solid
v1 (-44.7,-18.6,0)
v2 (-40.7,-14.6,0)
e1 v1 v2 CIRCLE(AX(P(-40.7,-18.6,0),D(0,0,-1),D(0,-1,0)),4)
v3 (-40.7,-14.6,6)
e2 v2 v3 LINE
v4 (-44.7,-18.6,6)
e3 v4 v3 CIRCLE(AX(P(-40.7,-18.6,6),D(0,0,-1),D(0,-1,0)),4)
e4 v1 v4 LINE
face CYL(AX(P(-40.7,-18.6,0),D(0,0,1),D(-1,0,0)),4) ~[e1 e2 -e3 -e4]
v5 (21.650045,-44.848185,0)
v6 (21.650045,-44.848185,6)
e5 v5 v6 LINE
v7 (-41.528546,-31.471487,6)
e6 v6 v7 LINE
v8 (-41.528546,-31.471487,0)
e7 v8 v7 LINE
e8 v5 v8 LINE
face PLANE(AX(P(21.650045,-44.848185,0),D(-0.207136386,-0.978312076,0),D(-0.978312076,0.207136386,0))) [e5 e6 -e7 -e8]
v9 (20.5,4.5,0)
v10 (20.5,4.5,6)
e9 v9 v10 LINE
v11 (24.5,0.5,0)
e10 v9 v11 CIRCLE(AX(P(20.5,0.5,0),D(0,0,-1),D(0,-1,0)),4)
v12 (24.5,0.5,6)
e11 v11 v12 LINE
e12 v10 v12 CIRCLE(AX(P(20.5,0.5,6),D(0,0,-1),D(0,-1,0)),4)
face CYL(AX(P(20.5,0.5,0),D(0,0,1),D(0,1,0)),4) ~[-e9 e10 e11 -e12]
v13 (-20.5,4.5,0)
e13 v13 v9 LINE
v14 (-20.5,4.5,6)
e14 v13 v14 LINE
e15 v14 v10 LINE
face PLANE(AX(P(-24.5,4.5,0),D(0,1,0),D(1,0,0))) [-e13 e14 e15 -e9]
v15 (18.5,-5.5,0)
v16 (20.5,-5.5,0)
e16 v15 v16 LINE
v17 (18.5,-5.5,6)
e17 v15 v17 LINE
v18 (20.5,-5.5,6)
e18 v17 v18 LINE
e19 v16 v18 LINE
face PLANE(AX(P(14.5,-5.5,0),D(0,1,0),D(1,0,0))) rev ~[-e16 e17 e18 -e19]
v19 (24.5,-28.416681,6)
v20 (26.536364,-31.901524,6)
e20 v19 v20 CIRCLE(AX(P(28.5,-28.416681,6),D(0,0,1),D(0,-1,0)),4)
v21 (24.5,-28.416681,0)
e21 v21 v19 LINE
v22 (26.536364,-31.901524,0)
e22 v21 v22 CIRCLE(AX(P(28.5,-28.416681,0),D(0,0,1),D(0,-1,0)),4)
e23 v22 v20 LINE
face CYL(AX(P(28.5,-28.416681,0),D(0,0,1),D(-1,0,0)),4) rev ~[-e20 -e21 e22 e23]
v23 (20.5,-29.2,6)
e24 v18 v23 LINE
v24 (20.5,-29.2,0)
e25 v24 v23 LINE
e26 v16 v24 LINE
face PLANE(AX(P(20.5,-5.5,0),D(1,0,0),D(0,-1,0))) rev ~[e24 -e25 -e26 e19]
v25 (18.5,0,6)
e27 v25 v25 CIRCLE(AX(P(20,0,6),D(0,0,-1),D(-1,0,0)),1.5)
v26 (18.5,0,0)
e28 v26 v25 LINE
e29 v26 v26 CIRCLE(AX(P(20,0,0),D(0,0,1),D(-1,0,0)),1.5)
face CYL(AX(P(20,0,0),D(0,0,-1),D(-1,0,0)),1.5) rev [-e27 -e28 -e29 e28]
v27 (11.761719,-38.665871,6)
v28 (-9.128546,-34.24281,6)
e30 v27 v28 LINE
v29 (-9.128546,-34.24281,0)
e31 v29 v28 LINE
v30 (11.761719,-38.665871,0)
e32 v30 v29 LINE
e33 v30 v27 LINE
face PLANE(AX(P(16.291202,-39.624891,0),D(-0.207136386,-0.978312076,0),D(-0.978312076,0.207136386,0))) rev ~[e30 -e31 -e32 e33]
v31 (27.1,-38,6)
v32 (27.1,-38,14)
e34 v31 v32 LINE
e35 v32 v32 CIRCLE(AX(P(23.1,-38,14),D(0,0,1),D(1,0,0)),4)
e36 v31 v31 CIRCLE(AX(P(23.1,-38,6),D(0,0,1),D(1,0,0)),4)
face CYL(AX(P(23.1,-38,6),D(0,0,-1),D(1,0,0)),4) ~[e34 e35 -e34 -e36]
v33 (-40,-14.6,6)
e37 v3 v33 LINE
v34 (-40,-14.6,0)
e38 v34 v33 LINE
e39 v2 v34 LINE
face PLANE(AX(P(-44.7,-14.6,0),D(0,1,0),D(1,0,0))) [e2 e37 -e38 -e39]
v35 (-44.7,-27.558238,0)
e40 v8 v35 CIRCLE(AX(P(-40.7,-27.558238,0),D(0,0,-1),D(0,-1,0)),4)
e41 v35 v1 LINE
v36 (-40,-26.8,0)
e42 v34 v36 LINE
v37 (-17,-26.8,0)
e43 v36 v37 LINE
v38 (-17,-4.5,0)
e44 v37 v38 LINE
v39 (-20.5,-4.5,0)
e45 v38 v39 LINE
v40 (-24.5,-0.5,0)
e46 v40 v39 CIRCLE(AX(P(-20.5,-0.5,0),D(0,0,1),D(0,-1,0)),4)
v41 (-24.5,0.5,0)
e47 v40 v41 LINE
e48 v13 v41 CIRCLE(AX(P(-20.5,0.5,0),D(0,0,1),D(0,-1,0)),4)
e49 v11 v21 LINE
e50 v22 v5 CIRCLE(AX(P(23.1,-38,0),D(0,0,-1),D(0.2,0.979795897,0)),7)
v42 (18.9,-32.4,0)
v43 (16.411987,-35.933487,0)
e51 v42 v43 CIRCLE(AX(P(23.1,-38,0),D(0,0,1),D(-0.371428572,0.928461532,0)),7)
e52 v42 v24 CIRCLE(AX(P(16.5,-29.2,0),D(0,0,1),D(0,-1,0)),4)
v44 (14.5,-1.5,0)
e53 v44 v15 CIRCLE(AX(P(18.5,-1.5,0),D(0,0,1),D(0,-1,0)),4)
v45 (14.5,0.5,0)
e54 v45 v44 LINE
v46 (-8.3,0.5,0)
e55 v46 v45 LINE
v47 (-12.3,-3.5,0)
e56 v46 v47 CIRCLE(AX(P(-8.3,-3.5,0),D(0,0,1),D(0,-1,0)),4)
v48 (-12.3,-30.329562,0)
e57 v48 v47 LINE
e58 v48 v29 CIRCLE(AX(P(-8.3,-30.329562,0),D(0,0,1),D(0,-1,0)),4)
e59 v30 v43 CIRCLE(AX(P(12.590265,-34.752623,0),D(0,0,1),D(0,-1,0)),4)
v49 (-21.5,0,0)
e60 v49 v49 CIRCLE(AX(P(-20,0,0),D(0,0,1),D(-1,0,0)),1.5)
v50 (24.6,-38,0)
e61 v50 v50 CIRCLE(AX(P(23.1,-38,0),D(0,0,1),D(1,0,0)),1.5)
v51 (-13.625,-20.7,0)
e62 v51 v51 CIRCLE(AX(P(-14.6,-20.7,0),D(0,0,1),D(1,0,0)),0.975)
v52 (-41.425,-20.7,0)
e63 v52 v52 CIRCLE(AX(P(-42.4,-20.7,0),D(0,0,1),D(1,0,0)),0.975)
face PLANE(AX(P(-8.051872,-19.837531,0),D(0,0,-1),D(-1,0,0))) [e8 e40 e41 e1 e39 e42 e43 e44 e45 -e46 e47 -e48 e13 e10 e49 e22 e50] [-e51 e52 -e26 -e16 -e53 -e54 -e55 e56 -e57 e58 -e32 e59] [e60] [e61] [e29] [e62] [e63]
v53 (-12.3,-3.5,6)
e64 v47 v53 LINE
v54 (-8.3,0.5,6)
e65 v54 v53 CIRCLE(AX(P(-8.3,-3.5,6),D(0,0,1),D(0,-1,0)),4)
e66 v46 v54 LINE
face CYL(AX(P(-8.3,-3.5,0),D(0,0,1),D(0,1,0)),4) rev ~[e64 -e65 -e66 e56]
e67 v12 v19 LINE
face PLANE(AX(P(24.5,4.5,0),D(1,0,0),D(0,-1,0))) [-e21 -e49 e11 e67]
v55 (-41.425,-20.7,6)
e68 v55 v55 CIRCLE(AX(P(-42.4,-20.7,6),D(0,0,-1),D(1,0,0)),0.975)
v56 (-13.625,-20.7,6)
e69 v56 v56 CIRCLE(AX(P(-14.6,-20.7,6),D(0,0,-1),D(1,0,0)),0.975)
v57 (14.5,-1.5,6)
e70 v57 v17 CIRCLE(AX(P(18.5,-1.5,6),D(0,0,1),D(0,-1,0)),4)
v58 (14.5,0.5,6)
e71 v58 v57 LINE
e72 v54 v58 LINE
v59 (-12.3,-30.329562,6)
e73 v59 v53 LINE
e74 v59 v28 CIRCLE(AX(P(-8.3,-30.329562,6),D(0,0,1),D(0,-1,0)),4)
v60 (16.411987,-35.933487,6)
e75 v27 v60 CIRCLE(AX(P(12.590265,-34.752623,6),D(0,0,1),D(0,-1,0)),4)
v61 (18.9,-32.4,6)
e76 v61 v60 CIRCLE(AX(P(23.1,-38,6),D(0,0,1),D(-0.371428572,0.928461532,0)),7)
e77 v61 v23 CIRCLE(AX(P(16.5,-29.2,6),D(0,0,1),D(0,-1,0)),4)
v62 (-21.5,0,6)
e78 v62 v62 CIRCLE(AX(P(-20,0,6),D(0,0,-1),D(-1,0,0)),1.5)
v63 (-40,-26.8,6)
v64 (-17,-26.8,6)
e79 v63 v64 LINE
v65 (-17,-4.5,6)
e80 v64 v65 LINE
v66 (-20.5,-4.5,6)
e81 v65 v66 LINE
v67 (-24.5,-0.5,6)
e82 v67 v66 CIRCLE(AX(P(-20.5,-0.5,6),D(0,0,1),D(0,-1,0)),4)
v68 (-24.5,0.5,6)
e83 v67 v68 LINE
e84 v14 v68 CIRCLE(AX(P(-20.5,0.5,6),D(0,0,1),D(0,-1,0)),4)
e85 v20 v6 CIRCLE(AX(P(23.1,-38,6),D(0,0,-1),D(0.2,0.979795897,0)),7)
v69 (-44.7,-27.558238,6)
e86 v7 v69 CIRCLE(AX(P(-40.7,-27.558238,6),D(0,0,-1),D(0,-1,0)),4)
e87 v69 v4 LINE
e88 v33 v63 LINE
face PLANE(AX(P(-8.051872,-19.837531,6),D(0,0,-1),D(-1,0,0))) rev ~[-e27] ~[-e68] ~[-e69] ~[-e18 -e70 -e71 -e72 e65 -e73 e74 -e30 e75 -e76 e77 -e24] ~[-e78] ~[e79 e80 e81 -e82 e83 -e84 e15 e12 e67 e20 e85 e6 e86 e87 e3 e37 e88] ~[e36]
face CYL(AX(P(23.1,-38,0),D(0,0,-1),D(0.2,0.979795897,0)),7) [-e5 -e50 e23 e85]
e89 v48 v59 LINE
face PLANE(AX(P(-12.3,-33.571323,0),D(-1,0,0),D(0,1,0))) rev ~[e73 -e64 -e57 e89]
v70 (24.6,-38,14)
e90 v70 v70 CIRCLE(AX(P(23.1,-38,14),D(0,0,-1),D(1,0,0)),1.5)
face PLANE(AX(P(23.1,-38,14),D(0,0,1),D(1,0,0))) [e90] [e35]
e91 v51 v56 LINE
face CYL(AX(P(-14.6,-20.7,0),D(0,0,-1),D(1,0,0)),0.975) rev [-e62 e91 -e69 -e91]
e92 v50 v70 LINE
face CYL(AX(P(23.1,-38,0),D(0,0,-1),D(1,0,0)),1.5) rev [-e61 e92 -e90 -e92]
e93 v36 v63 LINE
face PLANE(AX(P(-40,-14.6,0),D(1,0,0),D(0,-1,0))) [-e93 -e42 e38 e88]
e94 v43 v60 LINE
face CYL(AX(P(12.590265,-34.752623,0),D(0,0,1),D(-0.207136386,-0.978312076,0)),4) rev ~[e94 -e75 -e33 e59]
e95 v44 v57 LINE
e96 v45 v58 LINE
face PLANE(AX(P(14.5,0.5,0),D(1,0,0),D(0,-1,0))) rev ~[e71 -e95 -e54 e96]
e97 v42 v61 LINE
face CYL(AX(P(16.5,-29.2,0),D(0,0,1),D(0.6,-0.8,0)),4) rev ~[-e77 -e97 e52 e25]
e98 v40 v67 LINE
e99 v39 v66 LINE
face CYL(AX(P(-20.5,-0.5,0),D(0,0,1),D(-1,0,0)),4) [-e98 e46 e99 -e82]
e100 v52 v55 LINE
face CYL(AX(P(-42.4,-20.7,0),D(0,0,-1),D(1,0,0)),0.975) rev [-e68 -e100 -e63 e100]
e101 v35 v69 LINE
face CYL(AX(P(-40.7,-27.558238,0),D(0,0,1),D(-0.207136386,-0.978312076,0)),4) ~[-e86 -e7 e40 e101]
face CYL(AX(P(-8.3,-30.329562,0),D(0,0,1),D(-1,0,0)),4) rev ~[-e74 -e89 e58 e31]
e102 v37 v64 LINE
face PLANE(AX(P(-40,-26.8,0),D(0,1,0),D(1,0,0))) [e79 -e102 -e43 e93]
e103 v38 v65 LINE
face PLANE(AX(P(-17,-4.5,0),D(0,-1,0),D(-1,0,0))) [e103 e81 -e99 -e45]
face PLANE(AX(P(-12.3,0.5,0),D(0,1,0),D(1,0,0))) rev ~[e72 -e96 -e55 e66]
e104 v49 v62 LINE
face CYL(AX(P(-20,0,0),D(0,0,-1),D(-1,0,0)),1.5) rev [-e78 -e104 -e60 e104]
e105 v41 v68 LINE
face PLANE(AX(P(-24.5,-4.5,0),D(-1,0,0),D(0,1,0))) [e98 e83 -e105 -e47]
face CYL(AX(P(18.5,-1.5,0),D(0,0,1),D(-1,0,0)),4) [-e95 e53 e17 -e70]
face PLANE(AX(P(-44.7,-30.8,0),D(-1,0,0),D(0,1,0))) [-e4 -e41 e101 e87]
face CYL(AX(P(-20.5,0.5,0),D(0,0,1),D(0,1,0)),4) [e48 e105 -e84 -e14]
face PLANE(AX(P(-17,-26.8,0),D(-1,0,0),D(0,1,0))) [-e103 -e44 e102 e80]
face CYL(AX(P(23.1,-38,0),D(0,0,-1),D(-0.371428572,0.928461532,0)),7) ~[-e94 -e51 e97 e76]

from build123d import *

# Parameters (mm, degrees)
BOSS_EXTRUDE1_DEPTH      = 6
MOUNT_SCREW_HOLES_REACH  = 65.711
SKETCH12_R               = 1.5
GEAR_START               = 6
SKETCH13_R               = 4
GEAR_SHAFT_DEPTH         = 8
SKETCH14_R               = 1.5
GEAR_SCREW_HOLE_DEPTH    = 65.954522552
SKETCH15_R               = 0.975
SERVO_SCREW_CUTOUT_DEPTH = 65.954522552
FILLET1_R                = 4


with BuildPart() as part:
    # body → Boss-Extrude1 (new body)
    with BuildSketch(Plane.XY):
        with BuildLine():
            Line((-24.5, 4.5), (24.5, 4.5))
            Line((24.5, 4.5), (24.5, -31.14142872))
            ThreePointArc((24.5, -31.14142872), (29.953423421, -39.424986813), (21.650045301, -44.848184531))
            Line((21.650045301, -44.848184531), (-44.7, -30.8))
            Line((-44.7, -30.8), (-44.7, -14.6))
            Line((-44.7, -14.6), (-40, -14.6))
            Line((-40, -14.6), (-40, -26.8))
            Line((-40, -26.8), (-17, -26.8))
            Line((-17, -26.8), (-17, -4.5))
            Line((-17, -4.5), (-24.5, -4.5))
            Line((-24.5, -4.5), (-24.5, 4.5))
        make_face()
        with BuildLine():
            Line((-12.3, 0.5), (14.5, 0.5))
            Line((14.5, 0.5), (14.5, -5.5))
            Line((14.5, -5.5), (20.5, -5.5))
            Line((20.5, -5.5), (20.5, -31.500769276))
            ThreePointArc((20.5, -31.500769276), (16.884558972, -34.780016642), (16.291201999, -39.624890698))
            Line((16.291201999, -39.624890698), (-12.3, -33.571323141))
            Line((-12.3, -33.571323141), (-12.3, 0.5))
        make_face(mode=Mode.SUBTRACT)
    extrude(amount=BOSS_EXTRUDE1_DEPTH)

    # Sketch12 → mount screw holes (cut, up to next)
    with BuildSketch(Plane.XY, mode=Mode.PRIVATE) as mount_screw_holes_sk1:
        with Locations(Location((20, 0, 0), (0, 0, 180))):
            Circle(SKETCH12_R)
    mount_screw_holes_tool1 = extrude(mount_screw_holes_sk1.sketch, amount=MOUNT_SCREW_HOLES_REACH, mode=Mode.PRIVATE) & part.part
    # Sketch12 → mount screw holes (cut, up to next)
    with BuildSketch(Plane.XY, mode=Mode.PRIVATE) as mount_screw_holes_sk2:
        with Locations(Location((-20, 0, 0), (0, 0, 180))):
            Circle(SKETCH12_R)
    mount_screw_holes_tool2 = extrude(mount_screw_holes_sk2.sketch, amount=MOUNT_SCREW_HOLES_REACH, mode=Mode.PRIVATE) & part.part
    add(mount_screw_holes_tool1.solids().sort_by_distance((20, 0, 0))[0], mode=Mode.SUBTRACT)
    add(mount_screw_holes_tool2.solids().sort_by_distance((-20, 0, 0))[0], mode=Mode.SUBTRACT)

    # Sketch13 → gear shaft (add)
    with BuildSketch(Plane.XY.offset(GEAR_START)):
        with Locations((23.1, -38)):
            Circle(SKETCH13_R)
    extrude(amount=GEAR_SHAFT_DEPTH)

    # Sketch14 → gear screw hole (cut, through all)
    with BuildSketch(Plane.XY):
        with Locations((23.1, -38)):
            Circle(SKETCH14_R)
    extrude(amount=GEAR_SCREW_HOLE_DEPTH, mode=Mode.SUBTRACT)

    # Sketch15 → servo screw cutout (cut, through all)
    with BuildSketch(Plane.XY):
        with Locations((-14.6, -20.7)):
            Circle(SKETCH15_R)
        with Locations((-42.4, -20.7)):
            Circle(SKETCH15_R)
    extrude(amount=SERVO_SCREW_CUTOUT_DEPTH, mode=Mode.SUBTRACT)

    # Fillet1
    fillet1_edges = [part.edges().sort_by_distance(p)[0] for p in [
        (-24.5, -4.5, 3),
        (-24.5, 4.5, 3),
        (24.5, 4.5, 3),
        (24.5, -31.14142872, 3),
        (-44.7, -30.8, 3),
        (-44.7, -14.6, 3),
        (14.5, -5.5, 3),
        (-12.3, 0.5, 3),
        (-12.3, -33.571323141, 3),
        (16.291201999, -39.624890698, 3),
        (20.5, -31.500769276, 3),
    ]]
    fillet(fillet1_edges, radius=FILLET1_R)


solid = part.part
